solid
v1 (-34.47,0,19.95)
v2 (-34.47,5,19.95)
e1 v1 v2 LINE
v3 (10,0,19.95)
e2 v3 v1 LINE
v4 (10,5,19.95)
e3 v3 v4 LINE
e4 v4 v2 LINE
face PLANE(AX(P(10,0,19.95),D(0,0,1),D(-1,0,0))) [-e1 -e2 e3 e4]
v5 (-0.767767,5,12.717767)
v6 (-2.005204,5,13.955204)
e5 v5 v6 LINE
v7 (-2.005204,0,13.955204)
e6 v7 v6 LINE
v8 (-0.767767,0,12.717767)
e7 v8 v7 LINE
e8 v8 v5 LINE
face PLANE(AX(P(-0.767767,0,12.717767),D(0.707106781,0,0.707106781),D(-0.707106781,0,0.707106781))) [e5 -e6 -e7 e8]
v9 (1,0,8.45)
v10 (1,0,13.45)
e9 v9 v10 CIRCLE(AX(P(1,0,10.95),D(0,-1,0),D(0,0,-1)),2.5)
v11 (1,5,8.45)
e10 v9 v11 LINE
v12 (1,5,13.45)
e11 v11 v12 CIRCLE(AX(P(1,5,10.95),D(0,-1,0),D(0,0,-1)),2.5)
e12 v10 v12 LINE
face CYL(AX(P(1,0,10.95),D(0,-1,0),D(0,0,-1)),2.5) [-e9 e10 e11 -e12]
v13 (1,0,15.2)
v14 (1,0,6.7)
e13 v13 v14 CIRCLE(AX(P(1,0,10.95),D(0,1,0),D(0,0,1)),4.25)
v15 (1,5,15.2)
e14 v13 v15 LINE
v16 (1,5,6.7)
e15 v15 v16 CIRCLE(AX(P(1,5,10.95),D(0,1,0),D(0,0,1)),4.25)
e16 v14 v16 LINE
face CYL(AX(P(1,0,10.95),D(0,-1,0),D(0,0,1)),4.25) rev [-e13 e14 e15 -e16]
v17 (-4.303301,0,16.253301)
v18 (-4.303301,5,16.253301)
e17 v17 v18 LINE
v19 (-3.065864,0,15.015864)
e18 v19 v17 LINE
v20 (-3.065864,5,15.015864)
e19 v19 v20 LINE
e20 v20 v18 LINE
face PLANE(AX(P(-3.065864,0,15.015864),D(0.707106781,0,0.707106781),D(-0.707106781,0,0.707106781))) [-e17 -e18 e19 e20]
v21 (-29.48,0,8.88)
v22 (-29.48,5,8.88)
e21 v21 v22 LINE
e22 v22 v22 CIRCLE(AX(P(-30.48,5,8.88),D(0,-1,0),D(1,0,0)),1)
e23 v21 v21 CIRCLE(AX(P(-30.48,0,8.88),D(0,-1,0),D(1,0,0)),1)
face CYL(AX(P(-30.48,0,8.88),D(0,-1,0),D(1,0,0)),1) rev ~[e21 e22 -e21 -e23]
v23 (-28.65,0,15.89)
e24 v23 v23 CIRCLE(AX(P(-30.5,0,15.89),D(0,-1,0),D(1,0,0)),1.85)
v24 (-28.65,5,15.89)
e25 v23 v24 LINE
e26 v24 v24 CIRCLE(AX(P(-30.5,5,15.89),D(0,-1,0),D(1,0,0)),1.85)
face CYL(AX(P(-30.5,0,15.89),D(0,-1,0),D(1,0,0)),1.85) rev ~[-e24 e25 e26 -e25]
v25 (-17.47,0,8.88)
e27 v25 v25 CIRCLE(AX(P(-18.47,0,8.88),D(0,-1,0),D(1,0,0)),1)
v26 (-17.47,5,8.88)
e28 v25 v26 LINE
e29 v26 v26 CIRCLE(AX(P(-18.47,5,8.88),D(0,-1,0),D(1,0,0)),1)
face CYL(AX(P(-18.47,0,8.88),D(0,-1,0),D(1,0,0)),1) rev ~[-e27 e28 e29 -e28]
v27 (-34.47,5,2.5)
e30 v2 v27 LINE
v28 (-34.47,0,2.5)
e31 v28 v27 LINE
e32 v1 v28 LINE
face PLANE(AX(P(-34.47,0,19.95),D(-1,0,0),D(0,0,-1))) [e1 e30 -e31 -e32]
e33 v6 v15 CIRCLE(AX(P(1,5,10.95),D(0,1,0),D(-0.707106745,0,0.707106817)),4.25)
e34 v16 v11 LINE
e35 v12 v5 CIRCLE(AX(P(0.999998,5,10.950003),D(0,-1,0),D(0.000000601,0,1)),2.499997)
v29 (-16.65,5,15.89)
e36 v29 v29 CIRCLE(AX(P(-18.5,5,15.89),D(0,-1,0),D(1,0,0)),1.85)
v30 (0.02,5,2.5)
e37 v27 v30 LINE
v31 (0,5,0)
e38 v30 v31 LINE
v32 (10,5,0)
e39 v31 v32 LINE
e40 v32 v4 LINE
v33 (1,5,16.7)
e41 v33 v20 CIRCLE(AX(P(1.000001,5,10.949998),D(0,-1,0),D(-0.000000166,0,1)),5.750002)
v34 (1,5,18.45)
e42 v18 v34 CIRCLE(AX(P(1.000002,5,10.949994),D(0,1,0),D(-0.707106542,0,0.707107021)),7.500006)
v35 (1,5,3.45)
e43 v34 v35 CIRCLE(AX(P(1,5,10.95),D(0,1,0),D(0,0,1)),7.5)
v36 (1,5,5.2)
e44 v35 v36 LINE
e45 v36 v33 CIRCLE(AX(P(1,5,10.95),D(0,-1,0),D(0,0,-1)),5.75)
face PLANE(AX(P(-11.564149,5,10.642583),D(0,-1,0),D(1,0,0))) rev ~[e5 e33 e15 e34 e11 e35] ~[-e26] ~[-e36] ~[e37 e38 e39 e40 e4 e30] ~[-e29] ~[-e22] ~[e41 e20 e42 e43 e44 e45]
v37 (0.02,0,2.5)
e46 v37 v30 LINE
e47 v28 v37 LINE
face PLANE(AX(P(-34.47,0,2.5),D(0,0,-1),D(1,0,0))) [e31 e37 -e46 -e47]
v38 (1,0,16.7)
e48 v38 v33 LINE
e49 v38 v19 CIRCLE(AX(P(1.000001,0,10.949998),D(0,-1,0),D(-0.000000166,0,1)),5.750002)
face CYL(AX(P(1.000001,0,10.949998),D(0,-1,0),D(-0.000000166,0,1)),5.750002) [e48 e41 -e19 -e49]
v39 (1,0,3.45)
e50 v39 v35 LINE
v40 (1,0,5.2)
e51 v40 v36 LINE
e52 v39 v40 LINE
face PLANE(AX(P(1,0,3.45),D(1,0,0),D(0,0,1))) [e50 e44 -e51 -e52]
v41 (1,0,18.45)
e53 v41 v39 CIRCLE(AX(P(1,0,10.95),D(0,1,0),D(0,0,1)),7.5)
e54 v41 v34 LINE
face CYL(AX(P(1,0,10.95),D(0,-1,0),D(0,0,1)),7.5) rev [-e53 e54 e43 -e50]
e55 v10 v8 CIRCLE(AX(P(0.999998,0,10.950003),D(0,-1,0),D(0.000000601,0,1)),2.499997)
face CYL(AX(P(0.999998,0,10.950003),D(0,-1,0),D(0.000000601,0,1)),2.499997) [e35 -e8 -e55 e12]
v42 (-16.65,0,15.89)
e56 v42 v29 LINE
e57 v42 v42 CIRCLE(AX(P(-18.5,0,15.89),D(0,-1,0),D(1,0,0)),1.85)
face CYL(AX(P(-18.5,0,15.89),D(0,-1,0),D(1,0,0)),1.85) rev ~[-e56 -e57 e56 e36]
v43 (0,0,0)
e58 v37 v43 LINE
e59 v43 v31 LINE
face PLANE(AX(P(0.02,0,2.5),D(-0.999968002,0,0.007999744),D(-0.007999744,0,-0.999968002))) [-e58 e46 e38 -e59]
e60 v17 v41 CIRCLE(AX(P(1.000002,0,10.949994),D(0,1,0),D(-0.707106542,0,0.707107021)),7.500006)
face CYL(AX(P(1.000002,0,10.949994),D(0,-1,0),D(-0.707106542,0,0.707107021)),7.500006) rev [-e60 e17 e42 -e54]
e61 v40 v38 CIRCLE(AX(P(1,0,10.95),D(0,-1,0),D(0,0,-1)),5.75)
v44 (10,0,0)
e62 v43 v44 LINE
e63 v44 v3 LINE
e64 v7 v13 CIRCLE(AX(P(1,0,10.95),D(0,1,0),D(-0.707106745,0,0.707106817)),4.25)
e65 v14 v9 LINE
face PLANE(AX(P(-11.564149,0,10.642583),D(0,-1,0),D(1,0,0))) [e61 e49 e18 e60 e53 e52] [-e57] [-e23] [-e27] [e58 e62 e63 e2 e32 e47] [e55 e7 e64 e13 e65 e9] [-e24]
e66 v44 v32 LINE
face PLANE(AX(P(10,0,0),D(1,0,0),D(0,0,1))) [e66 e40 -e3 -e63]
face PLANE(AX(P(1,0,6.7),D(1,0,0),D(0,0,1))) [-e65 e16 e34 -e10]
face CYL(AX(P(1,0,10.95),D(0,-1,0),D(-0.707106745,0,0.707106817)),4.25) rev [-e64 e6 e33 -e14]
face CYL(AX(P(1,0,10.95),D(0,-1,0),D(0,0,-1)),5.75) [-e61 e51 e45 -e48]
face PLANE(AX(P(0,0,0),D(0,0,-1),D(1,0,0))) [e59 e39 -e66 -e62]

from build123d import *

# Parameters (mm, degrees)
F0_R     = 1
F0_R_2   = 1.85
F1_DEPTH = 5


with BuildPart() as f1:
    # F0 (on Front) → F1 (new body)
    with BuildSketch(Plane.XZ):
        Polygon((10, 0), (10, 19.95), (1, 19.95), (-34.47, 19.95), (-34.47, 2.5), (-30.48, 2.5), (0.02, 2.5), (0, 0), align=None)
        with Locations((-30.48, 8.88)):
            Circle(F0_R, mode=Mode.SUBTRACT)
        with Locations((-18.47, 8.88)):
            Circle(F0_R, mode=Mode.SUBTRACT)
        with Locations((-30.5, 15.89)):
            Circle(F0_R_2, mode=Mode.SUBTRACT)
        with Locations((-18.5, 15.89)):
            Circle(F0_R_2, mode=Mode.SUBTRACT)
        with BuildLine():
            ThreePointArc((-2.005204, 13.955204), (-0.626405, 14.876488), (1, 15.2))
            ThreePointArc((1, 15.2), (5.25, 10.95), (1, 6.7))
            Line((1, 6.7), (1, 8.45))
            ThreePointArc((1, 8.45), (3.5, 10.95), (1, 13.45))
            ThreePointArc((1, 13.45), (0.043291, 13.259699), (-0.767767, 12.717767))
            Line((-0.767767, 12.717767), (-2.005204, 13.955204))
        make_face(mode=Mode.SUBTRACT)
        with BuildLine():
            ThreePointArc((-4.303301, 16.253301), (-1.870126, 17.879096), (1, 18.45))
            ThreePointArc((1, 18.45), (8.5, 10.95), (1, 3.45))
            Line((1, 3.45), (1, 5.2))
            ThreePointArc((1, 5.2), (6.75, 10.95), (1, 16.7))
            ThreePointArc((1, 16.7), (-1.20043, 16.262307), (-3.065864, 15.015864))
            Line((-3.065864, 15.015864), (-4.303301, 16.253301))
        make_face(mode=Mode.SUBTRACT)
    extrude(amount=-F1_DEPTH)


solid = f1.part
